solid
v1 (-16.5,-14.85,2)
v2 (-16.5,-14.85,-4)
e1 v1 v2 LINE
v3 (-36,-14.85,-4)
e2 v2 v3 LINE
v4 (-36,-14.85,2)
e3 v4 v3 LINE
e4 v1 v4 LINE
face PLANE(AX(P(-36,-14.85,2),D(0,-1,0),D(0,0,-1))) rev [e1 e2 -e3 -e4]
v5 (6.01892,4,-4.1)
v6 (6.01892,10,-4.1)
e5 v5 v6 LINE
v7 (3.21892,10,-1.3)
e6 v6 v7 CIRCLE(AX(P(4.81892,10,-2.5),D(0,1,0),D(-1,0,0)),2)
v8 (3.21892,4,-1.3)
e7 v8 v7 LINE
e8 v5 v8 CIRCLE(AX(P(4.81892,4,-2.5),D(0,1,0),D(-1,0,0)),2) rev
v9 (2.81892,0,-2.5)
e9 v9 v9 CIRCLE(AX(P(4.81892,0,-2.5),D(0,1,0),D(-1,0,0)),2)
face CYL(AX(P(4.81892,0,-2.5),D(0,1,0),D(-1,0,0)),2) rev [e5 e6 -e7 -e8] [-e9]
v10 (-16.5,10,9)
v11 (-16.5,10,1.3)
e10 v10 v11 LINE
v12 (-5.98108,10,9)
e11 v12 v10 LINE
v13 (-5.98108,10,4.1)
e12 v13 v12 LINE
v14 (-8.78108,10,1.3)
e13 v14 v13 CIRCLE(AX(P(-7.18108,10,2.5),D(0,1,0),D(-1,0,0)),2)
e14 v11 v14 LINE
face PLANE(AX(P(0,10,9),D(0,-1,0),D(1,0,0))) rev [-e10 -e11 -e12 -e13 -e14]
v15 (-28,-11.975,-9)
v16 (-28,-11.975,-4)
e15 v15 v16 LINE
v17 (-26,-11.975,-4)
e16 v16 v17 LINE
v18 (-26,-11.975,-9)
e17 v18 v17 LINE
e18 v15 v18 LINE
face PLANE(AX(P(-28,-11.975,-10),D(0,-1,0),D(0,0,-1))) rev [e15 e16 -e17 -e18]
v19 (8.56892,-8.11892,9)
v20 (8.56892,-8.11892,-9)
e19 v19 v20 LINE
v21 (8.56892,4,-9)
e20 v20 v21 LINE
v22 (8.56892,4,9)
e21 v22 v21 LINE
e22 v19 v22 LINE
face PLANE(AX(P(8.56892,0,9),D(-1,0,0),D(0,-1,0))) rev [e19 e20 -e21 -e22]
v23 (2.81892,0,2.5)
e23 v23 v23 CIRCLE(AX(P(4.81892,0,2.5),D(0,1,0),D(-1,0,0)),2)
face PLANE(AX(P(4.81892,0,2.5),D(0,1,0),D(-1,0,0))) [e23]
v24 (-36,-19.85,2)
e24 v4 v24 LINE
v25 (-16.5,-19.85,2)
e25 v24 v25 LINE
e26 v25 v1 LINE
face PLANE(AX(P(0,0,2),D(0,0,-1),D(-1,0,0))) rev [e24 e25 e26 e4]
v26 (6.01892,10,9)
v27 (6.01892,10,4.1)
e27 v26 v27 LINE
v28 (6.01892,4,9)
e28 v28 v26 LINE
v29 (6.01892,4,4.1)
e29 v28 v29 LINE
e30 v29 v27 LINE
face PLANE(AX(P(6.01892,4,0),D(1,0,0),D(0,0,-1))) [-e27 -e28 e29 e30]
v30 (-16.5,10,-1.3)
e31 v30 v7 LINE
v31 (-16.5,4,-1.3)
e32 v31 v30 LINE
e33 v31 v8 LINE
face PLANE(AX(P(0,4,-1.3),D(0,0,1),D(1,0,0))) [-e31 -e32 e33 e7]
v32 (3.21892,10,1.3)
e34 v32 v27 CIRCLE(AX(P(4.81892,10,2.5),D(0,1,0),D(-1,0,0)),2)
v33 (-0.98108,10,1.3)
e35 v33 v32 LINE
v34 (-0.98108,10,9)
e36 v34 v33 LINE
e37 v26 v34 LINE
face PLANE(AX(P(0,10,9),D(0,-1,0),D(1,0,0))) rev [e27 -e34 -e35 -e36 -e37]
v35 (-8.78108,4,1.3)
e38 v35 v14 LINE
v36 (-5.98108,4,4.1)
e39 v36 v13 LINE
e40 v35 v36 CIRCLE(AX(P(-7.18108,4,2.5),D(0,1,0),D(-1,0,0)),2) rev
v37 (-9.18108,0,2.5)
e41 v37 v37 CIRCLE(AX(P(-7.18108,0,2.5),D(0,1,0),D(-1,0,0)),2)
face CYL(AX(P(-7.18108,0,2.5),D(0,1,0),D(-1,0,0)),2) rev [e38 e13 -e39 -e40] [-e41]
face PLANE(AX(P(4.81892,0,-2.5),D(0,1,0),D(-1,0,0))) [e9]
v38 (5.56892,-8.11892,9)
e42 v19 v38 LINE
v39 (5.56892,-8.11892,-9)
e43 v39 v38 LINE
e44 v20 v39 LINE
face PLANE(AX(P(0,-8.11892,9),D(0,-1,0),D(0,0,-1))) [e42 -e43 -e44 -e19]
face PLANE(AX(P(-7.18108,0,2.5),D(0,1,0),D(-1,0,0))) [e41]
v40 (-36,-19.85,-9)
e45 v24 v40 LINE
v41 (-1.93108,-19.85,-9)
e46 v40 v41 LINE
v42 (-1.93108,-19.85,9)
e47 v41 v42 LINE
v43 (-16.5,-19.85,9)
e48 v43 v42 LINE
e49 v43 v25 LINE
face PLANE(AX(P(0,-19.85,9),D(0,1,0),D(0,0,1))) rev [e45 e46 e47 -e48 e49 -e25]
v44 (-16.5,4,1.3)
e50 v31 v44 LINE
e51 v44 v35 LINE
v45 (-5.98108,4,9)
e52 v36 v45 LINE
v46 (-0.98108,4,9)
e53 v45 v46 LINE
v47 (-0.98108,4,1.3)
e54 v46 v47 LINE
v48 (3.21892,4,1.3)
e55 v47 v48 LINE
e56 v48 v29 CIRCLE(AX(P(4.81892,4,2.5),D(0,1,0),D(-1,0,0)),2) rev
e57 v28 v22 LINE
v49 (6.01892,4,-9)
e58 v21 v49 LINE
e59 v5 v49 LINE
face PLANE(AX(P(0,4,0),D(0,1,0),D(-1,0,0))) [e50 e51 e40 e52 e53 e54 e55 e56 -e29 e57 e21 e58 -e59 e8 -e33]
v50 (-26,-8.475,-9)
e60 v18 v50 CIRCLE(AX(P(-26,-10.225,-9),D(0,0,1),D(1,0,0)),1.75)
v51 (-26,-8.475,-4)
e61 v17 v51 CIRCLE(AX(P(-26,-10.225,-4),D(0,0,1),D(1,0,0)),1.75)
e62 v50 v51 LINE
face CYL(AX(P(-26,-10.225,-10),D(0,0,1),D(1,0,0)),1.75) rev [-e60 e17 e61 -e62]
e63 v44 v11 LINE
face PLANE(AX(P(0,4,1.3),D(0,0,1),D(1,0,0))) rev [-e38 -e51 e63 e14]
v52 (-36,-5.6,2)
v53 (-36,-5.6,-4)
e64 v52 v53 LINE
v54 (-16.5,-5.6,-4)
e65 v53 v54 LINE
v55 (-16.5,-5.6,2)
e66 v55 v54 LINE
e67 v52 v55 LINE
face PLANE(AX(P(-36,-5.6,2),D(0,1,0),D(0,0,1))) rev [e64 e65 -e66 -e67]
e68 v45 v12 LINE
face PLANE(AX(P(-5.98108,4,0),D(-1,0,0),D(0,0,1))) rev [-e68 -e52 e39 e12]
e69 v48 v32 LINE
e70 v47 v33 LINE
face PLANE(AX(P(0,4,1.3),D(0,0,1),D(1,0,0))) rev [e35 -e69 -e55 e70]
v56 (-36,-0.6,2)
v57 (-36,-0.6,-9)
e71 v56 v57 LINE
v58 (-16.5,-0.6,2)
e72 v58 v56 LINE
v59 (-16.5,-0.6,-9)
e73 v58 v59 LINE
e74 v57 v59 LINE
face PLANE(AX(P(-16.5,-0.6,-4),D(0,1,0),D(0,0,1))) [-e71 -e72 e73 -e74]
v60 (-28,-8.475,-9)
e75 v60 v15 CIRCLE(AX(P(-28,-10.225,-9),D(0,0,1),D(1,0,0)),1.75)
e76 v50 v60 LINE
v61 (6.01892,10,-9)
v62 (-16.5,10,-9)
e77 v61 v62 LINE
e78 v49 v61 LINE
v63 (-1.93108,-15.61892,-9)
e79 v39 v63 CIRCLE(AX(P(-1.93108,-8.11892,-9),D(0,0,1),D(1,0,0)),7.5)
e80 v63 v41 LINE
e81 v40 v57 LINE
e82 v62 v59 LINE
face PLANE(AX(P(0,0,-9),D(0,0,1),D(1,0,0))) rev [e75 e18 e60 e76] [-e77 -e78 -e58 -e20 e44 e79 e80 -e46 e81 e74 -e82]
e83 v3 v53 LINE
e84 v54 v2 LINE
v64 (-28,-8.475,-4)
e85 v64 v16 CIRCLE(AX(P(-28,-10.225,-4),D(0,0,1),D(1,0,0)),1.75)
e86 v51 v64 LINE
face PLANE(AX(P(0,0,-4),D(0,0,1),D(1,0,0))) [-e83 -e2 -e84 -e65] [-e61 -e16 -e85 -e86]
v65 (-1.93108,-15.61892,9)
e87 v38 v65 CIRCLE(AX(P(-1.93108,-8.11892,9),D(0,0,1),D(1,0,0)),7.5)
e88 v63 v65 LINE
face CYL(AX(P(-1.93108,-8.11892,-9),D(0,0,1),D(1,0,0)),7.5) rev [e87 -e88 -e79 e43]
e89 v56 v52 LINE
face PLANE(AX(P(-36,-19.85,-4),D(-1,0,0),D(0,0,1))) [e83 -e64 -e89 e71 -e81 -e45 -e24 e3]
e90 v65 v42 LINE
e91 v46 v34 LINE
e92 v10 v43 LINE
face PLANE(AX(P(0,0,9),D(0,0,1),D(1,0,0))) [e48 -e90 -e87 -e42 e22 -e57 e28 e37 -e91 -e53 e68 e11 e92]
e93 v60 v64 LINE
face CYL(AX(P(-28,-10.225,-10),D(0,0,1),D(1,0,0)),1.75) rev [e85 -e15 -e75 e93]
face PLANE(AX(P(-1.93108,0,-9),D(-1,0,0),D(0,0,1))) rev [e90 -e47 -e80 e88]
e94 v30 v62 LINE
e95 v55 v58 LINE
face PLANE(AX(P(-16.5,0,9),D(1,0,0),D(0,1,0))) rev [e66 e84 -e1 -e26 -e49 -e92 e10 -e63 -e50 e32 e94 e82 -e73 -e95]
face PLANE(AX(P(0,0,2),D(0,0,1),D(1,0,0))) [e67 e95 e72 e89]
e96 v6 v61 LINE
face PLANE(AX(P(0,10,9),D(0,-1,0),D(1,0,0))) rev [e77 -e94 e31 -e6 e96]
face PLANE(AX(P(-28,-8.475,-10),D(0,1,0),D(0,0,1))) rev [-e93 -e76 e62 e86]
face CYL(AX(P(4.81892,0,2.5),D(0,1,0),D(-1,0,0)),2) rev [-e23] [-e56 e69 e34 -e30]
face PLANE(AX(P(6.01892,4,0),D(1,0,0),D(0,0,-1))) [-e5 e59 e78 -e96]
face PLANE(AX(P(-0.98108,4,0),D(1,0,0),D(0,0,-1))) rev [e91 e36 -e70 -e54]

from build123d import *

# Parameters (mm, degrees)
SKETCH1_W               = 8.56892
SKETCH1_H               = 8.11892
BOSS_EXTRUDE1_DEPTH     = 9
SKETCH4_W               = 19.5
SKETCH4_H               = 19.25
BOSS_EXTRUDE2_DEPTH     = 5
SKETCH5_W               = 19.5
SKETCH5_H               = 5
BOSS_EXTRUDE3_DEPTH     = 6
CUT_EXTRUDE1_DEPTH      = 6
SKETCH7_R               = 2
CUT_EXTRUDE2_DEPTH      = 10
CUT_EXTRUDE3_DEPTH      = 6
SKETCH11_R              = 7.5
SKETCH11_W              = 10.5
SKETCH11_H              = 11.73108
CUT_EXTRUDE5_DEPTH      = 10
CUT_EXTRUDE5_DEPTH_BACK = 10


with BuildPart() as part:
    # Sketch1 → Boss-Extrude1 (new body, symmetric)
    with BuildSketch(Plane.XY):
        Polygon((-16.5, -19.85), (0, -19.85), (0, 0), (8.56892, 0), (8.56892, 10), (-16.5, 10), align=None)
        with Locations((4.28446, -4.05946)):
            Rectangle(SKETCH1_W, SKETCH1_H)
    extrude(amount=BOSS_EXTRUDE1_DEPTH, both=True)

    # Sketch4 → Boss-Extrude2 (add)
    with BuildSketch(Plane(origin=(0, 0, -9), x_dir=(-1, 0, 0), z_dir=(0, 0, -1))):
        with Locations((26.25, -10.225)):
            Rectangle(SKETCH4_W, SKETCH4_H)
    extrude(amount=-BOSS_EXTRUDE2_DEPTH)

    # Sketch5 → Boss-Extrude3 (add)
    with BuildSketch(Plane.XY.offset(-4)):
        with Locations((-26.25, -17.35)):
            Rectangle(SKETCH5_W, SKETCH5_H)
        with Locations((-26.25, -3.1)):
            Rectangle(SKETCH5_W, SKETCH5_H)
    extrude(amount=BOSS_EXTRUDE3_DEPTH)

    # Sketch6 → Cut-Extrude1 (cut)
    with BuildSketch(Plane.XY.offset(-4)):
        with BuildLine():
            Line((-28, -8.475), (-26, -8.475))
            ThreePointArc((-26, -8.475), (-24.25, -10.225), (-26, -11.975))
            Line((-26, -11.975), (-28, -11.975))
            ThreePointArc((-28, -11.975), (-29.75, -10.225), (-28, -8.475))
        make_face()
    extrude(amount=-CUT_EXTRUDE1_DEPTH, mode=Mode.SUBTRACT)

    # Sketch7 → Cut-Extrude2 (cut)
    with BuildSketch(Plane(origin=(0, 10, 0), x_dir=(1, 0, 0), z_dir=(0, 1, 0))):
        with Locations((4.81892, 2.5)):
            Circle(SKETCH7_R)
        with Locations((4.81892, -2.5)):
            Circle(SKETCH7_R)
        with Locations((-7.18108, -2.5)):
            Circle(SKETCH7_R)
    extrude(amount=-CUT_EXTRUDE2_DEPTH, mode=Mode.SUBTRACT)

    # Sketch8 → Cut-Extrude3 (cut)
    with BuildSketch(Plane(origin=(0, 10, 0), x_dir=(1, 0, 0), z_dir=(0, 1, 0))):
        Polygon((6.01892, 1.3), (6.01892, 9), (8.56892, 9), (8.56892, -9), (6.01892, -9), (6.01892, -1.3), (-0.98108, -1.3), (-0.98108, -9), (-5.98108, -9), (-5.98108, -1.3), (-16.5, -1.3), (-16.5, 1.3), align=None)
    extrude(amount=-CUT_EXTRUDE3_DEPTH, mode=Mode.SUBTRACT)

    # Sketch11 → Cut-Extrude5 (cut, two sides)
    with BuildSketch(Plane.XY) as cut_extrude5_sk:
        with Locations((-1.93108, -8.11892)):
            Circle(SKETCH11_R)
        with Locations((3.31892, -13.98446)):
            Rectangle(SKETCH11_W, SKETCH11_H)
    extrude(amount=CUT_EXTRUDE5_DEPTH, mode=Mode.SUBTRACT)
    extrude(cut_extrude5_sk.sketch, amount=-CUT_EXTRUDE5_DEPTH_BACK, mode=Mode.SUBTRACT)


solid = part.part
